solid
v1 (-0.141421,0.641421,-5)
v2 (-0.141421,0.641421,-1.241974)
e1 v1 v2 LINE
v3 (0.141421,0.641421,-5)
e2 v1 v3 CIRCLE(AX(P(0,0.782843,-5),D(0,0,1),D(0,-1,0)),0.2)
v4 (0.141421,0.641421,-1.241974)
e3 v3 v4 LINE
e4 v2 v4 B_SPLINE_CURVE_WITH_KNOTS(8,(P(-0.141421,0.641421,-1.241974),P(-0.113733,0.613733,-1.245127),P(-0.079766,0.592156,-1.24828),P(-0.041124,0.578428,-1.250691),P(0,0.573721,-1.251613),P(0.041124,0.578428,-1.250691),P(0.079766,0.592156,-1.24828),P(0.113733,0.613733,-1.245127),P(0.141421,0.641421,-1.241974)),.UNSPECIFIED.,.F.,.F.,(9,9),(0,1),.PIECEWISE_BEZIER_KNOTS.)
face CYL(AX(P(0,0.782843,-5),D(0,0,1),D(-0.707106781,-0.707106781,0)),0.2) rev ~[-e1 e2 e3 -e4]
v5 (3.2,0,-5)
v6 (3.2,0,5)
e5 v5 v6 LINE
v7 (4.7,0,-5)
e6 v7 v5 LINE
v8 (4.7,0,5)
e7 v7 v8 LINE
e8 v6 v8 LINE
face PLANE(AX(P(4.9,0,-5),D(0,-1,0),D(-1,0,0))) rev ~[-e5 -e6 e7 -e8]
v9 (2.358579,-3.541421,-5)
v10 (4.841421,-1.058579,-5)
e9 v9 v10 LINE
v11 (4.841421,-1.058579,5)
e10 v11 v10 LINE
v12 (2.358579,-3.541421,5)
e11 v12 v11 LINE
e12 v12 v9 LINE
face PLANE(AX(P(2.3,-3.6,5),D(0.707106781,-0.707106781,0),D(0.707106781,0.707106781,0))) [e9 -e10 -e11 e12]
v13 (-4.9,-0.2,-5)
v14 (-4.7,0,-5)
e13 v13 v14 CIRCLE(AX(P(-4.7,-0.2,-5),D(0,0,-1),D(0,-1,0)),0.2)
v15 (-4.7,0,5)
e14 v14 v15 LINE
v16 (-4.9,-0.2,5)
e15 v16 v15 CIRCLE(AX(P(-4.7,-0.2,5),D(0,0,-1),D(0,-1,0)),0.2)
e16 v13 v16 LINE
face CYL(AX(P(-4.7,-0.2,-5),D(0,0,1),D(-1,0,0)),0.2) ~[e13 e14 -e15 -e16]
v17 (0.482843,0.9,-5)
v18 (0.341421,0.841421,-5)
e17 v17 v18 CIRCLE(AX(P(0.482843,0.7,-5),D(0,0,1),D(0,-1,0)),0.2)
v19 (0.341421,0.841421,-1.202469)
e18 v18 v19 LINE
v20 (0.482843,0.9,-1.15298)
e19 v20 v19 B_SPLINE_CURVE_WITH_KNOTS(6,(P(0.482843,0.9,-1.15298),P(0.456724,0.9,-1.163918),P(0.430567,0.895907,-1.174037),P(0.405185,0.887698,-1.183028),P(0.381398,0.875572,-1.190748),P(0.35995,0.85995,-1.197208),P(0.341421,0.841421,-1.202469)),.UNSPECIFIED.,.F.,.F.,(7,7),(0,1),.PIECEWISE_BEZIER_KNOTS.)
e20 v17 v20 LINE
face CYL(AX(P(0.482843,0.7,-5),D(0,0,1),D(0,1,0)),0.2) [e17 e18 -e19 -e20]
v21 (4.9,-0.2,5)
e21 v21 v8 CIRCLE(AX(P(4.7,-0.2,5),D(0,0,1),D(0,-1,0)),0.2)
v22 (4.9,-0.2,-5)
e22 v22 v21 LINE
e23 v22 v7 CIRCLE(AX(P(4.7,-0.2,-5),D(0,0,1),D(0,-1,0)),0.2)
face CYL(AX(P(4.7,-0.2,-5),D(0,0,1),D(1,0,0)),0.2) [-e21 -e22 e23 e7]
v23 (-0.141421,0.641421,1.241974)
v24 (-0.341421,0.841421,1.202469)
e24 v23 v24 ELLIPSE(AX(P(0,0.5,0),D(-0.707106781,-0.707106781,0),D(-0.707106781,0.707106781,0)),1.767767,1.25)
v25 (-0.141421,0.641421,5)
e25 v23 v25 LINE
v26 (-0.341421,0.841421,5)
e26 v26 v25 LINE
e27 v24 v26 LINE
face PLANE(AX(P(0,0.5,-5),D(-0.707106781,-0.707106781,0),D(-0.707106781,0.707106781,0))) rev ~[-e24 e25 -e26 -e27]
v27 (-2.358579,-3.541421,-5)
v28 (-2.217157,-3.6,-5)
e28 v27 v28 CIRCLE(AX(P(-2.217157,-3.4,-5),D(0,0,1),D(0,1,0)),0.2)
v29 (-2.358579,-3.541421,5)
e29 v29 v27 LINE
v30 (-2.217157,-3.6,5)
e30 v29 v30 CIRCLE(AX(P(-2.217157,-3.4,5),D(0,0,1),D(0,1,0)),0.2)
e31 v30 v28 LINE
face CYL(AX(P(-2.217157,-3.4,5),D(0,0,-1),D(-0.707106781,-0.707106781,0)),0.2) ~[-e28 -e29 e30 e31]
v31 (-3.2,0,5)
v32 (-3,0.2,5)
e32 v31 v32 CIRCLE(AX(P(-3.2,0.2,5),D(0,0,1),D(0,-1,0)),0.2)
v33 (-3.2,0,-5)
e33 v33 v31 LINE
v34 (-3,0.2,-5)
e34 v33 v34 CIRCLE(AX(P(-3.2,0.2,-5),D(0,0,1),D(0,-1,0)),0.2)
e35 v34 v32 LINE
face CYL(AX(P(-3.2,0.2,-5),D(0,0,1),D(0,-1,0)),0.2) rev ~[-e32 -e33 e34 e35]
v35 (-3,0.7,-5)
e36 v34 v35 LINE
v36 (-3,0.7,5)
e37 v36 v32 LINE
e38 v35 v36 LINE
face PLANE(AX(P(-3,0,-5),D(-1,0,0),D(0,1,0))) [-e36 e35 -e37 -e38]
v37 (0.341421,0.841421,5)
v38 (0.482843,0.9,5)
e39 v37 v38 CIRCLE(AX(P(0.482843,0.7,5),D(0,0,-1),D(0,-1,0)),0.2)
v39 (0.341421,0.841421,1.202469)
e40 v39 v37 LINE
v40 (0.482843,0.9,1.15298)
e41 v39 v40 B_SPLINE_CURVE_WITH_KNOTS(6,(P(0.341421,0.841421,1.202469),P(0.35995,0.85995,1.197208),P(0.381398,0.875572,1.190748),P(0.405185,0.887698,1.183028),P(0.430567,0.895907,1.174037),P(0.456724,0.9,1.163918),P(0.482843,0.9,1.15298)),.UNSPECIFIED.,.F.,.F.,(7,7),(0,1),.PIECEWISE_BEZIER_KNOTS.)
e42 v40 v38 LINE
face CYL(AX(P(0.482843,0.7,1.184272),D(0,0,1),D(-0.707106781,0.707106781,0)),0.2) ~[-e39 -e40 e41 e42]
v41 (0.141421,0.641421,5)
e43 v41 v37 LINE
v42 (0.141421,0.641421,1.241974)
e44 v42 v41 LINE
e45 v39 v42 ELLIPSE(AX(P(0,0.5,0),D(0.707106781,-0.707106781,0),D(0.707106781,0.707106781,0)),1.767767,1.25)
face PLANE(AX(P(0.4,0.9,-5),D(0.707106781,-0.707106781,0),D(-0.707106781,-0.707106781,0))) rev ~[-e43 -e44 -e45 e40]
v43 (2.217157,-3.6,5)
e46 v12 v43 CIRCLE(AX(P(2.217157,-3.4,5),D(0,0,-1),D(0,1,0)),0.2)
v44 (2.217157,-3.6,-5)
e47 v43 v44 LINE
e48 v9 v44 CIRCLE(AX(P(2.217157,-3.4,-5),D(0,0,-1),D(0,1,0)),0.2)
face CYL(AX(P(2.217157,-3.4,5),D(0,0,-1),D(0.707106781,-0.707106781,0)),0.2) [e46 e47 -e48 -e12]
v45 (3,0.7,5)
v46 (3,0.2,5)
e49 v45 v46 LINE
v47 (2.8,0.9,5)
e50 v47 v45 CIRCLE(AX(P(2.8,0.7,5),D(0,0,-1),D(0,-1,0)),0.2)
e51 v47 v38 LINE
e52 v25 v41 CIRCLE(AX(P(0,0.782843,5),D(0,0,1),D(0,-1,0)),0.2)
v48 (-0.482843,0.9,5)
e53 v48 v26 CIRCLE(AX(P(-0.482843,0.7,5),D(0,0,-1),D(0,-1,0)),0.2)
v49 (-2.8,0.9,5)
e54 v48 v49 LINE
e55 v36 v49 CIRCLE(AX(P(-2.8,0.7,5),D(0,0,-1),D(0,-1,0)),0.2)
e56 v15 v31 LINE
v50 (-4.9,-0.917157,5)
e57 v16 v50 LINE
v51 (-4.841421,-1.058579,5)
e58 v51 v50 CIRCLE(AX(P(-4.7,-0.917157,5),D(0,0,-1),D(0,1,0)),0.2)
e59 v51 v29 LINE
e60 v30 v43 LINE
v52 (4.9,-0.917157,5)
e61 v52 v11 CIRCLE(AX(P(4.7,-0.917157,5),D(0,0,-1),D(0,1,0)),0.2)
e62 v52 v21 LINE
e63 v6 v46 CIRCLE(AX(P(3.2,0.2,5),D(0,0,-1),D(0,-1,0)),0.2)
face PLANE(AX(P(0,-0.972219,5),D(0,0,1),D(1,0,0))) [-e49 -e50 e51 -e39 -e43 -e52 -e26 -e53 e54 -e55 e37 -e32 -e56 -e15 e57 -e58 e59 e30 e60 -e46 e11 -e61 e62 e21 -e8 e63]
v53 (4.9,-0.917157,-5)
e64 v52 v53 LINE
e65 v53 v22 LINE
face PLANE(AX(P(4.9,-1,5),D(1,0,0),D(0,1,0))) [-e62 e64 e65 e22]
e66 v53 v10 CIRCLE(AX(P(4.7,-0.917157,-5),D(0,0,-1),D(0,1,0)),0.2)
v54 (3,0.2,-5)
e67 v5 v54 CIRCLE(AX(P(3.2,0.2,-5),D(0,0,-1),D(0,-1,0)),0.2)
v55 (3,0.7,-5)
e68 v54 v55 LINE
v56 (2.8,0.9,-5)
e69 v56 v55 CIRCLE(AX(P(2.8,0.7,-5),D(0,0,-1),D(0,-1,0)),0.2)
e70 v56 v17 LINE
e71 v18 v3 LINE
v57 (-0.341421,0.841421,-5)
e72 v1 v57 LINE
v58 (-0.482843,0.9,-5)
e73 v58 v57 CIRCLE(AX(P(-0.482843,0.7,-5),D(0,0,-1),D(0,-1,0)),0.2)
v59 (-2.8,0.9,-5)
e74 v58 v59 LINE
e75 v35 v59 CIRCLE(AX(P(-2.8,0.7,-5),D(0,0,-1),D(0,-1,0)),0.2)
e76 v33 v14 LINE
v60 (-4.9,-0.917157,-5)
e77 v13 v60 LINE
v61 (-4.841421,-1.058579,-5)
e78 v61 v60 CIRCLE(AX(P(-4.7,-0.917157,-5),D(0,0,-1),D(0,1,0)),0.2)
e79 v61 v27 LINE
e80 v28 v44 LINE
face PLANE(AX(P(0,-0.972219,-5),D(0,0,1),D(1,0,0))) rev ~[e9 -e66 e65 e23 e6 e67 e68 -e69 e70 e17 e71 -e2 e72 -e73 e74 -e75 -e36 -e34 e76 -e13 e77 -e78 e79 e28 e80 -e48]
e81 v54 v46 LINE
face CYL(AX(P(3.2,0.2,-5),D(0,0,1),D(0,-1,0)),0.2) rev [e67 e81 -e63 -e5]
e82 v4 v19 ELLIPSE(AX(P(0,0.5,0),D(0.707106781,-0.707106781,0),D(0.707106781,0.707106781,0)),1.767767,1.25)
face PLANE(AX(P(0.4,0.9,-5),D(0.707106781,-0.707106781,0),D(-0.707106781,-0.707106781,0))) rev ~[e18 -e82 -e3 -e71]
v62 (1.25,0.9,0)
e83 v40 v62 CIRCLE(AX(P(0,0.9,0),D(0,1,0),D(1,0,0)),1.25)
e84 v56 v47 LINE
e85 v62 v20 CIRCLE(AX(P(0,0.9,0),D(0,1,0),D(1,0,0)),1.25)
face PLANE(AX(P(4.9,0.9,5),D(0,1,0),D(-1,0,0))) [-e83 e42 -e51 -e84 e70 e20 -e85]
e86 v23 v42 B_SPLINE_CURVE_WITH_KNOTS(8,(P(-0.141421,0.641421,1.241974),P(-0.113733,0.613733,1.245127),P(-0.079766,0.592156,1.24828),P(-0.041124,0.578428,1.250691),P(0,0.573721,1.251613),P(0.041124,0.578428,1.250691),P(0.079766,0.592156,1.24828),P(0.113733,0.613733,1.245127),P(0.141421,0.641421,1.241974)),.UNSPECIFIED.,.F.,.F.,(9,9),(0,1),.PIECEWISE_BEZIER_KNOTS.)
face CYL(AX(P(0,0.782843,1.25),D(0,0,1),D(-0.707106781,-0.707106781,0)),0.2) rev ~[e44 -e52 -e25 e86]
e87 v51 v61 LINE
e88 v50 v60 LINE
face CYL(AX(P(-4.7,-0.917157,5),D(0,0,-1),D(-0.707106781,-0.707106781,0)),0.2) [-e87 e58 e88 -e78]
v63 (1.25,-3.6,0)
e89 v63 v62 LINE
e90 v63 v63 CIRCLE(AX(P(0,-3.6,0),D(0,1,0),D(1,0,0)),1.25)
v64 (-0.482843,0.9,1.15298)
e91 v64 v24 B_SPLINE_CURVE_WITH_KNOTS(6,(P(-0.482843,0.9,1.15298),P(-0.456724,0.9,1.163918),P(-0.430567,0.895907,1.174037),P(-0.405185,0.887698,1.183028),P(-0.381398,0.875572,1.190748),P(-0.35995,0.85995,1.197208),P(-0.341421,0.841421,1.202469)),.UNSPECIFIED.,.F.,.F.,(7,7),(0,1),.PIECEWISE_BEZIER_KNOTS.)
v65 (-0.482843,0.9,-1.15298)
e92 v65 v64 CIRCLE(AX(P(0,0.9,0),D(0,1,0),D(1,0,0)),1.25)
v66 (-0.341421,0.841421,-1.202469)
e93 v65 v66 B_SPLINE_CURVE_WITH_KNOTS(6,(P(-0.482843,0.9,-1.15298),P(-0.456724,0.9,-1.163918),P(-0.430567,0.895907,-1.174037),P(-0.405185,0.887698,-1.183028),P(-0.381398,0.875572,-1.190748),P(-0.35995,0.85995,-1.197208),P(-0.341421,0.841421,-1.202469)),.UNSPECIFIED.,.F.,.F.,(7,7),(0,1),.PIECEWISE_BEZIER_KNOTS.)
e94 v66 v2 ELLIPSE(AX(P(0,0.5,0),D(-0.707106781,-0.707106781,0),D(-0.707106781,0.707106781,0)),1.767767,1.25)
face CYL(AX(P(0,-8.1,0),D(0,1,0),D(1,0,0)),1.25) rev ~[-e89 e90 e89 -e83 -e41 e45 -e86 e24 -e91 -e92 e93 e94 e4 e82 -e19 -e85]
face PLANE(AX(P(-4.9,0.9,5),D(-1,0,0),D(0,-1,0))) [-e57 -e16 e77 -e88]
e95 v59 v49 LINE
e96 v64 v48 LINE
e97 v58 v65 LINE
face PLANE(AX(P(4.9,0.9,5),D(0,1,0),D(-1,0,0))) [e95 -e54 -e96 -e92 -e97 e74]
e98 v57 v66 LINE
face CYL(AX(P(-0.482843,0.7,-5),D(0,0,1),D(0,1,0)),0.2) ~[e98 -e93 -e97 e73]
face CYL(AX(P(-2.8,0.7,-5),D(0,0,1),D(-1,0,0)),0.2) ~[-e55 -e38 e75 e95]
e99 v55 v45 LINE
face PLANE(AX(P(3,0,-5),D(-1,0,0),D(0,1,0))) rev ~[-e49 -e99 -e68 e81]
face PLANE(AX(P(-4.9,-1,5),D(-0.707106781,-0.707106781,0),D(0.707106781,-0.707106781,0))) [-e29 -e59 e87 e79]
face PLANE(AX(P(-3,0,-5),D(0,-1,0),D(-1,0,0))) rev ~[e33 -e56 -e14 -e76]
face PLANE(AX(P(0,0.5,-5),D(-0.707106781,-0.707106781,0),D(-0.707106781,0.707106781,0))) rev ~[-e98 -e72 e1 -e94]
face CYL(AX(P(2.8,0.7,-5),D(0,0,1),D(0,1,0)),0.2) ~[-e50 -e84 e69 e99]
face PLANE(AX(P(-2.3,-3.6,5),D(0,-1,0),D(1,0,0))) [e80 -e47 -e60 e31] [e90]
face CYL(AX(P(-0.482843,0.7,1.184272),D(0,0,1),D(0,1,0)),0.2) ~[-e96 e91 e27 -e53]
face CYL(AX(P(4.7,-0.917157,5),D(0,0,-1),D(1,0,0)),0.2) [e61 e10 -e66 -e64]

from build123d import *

# Parameters (mm, degrees)
BOSS_EXTRUDE1_DEPTH            = 10
SKETCH2_W                      = 1.9
SKETCH2_H                      = 0.9
CUT_EXTRUDE1_DEPTH             = 12.703418304
SKETCH3_W                      = 1.9
SKETCH3_H                      = 0.9
CUT_EXTRUDE2_DEPTH             = 12.703418304
CUT_EXTRUDE3_DEPTH             = 12.703418304
F_4_2_4_2_DIAMETER_HOLE1_D     = 2.5
F_4_2_4_2_DIAMETER_HOLE1_DEPTH = 4.5
FILLET1_R                      = 0.2


with BuildPart() as part:
    # Sketch1 → Boss-Extrude1 (new body)
    with BuildSketch(Plane.XY.offset(5)):
        Polygon((4.9, -1), (4.9, 0.9), (-4.9, 0.9), (-4.9, -1), (-2.3, -3.6), (2.3, -3.6), align=None)
    extrude(amount=-BOSS_EXTRUDE1_DEPTH)

    # Sketch2 → Cut-Extrude1 (cut, through all)
    with BuildSketch(Plane(origin=(0, 0, -5), x_dir=(-1, 0, 0), z_dir=(0, 0, -1))):
        with Locations((3.95, 0.45)):
            Rectangle(SKETCH2_W, SKETCH2_H)
    extrude(amount=-CUT_EXTRUDE1_DEPTH, mode=Mode.SUBTRACT)

    # Sketch3 → Cut-Extrude2 (cut, through all)
    with BuildSketch(Plane(origin=(0, 0, -5), x_dir=(-1, 0, 0), z_dir=(0, 0, -1))):
        with Locations((-3.95, 0.45)):
            Rectangle(SKETCH3_W, SKETCH3_H)
    extrude(amount=-CUT_EXTRUDE2_DEPTH, mode=Mode.SUBTRACT)

    # Sketch4 → Cut-Extrude3 (cut, through all)
    with BuildSketch(Plane(origin=(0, 0, -5), x_dir=(-1, 0, 0), z_dir=(0, 0, -1))):
        Polygon((0.4, 0.9), (-0.4, 0.9), (0, 0.5), align=None)
    extrude(amount=-CUT_EXTRUDE3_DEPTH, mode=Mode.SUBTRACT)

    # Ø4.2 (4.2) Diameter Hole1
    with Locations(Plane(origin=(0, -3.6, 0), x_dir=(-1, 0, 0), z_dir=(0, -1, 0))):
        with Locations((0, 0)):
            Hole(F_4_2_4_2_DIAMETER_HOLE1_D / 2, depth=F_4_2_4_2_DIAMETER_HOLE1_DEPTH)

    # Fillet1
    fillet1_edges = [part.edges().sort_by_distance(p)[0] for p in [
        (4.9, 0, 0),
        (3, 0, 0),
        (-4.9, -1, 0),
        (3, 0.9, 0),
        (-3, 0, 0),
        (0.4, 0.9, -3.092135964),
        (0, 0.5, 3.125),
        (-0.4, 0.9, -3.092135964),
        (4.9, -1, 0),
        (-3, 0.9, 0),
        (0, 0.5, -3.125),
        (-0.4, 0.9, 3.092135964),
        (-4.9, 0, 0),
        (-2.3, -3.6, 0),
        (0.4, 0.9, 3.092135964),
        (2.3, -3.6, 0),
    ]]
    fillet(fillet1_edges, radius=FILLET1_R)


solid = part.part
